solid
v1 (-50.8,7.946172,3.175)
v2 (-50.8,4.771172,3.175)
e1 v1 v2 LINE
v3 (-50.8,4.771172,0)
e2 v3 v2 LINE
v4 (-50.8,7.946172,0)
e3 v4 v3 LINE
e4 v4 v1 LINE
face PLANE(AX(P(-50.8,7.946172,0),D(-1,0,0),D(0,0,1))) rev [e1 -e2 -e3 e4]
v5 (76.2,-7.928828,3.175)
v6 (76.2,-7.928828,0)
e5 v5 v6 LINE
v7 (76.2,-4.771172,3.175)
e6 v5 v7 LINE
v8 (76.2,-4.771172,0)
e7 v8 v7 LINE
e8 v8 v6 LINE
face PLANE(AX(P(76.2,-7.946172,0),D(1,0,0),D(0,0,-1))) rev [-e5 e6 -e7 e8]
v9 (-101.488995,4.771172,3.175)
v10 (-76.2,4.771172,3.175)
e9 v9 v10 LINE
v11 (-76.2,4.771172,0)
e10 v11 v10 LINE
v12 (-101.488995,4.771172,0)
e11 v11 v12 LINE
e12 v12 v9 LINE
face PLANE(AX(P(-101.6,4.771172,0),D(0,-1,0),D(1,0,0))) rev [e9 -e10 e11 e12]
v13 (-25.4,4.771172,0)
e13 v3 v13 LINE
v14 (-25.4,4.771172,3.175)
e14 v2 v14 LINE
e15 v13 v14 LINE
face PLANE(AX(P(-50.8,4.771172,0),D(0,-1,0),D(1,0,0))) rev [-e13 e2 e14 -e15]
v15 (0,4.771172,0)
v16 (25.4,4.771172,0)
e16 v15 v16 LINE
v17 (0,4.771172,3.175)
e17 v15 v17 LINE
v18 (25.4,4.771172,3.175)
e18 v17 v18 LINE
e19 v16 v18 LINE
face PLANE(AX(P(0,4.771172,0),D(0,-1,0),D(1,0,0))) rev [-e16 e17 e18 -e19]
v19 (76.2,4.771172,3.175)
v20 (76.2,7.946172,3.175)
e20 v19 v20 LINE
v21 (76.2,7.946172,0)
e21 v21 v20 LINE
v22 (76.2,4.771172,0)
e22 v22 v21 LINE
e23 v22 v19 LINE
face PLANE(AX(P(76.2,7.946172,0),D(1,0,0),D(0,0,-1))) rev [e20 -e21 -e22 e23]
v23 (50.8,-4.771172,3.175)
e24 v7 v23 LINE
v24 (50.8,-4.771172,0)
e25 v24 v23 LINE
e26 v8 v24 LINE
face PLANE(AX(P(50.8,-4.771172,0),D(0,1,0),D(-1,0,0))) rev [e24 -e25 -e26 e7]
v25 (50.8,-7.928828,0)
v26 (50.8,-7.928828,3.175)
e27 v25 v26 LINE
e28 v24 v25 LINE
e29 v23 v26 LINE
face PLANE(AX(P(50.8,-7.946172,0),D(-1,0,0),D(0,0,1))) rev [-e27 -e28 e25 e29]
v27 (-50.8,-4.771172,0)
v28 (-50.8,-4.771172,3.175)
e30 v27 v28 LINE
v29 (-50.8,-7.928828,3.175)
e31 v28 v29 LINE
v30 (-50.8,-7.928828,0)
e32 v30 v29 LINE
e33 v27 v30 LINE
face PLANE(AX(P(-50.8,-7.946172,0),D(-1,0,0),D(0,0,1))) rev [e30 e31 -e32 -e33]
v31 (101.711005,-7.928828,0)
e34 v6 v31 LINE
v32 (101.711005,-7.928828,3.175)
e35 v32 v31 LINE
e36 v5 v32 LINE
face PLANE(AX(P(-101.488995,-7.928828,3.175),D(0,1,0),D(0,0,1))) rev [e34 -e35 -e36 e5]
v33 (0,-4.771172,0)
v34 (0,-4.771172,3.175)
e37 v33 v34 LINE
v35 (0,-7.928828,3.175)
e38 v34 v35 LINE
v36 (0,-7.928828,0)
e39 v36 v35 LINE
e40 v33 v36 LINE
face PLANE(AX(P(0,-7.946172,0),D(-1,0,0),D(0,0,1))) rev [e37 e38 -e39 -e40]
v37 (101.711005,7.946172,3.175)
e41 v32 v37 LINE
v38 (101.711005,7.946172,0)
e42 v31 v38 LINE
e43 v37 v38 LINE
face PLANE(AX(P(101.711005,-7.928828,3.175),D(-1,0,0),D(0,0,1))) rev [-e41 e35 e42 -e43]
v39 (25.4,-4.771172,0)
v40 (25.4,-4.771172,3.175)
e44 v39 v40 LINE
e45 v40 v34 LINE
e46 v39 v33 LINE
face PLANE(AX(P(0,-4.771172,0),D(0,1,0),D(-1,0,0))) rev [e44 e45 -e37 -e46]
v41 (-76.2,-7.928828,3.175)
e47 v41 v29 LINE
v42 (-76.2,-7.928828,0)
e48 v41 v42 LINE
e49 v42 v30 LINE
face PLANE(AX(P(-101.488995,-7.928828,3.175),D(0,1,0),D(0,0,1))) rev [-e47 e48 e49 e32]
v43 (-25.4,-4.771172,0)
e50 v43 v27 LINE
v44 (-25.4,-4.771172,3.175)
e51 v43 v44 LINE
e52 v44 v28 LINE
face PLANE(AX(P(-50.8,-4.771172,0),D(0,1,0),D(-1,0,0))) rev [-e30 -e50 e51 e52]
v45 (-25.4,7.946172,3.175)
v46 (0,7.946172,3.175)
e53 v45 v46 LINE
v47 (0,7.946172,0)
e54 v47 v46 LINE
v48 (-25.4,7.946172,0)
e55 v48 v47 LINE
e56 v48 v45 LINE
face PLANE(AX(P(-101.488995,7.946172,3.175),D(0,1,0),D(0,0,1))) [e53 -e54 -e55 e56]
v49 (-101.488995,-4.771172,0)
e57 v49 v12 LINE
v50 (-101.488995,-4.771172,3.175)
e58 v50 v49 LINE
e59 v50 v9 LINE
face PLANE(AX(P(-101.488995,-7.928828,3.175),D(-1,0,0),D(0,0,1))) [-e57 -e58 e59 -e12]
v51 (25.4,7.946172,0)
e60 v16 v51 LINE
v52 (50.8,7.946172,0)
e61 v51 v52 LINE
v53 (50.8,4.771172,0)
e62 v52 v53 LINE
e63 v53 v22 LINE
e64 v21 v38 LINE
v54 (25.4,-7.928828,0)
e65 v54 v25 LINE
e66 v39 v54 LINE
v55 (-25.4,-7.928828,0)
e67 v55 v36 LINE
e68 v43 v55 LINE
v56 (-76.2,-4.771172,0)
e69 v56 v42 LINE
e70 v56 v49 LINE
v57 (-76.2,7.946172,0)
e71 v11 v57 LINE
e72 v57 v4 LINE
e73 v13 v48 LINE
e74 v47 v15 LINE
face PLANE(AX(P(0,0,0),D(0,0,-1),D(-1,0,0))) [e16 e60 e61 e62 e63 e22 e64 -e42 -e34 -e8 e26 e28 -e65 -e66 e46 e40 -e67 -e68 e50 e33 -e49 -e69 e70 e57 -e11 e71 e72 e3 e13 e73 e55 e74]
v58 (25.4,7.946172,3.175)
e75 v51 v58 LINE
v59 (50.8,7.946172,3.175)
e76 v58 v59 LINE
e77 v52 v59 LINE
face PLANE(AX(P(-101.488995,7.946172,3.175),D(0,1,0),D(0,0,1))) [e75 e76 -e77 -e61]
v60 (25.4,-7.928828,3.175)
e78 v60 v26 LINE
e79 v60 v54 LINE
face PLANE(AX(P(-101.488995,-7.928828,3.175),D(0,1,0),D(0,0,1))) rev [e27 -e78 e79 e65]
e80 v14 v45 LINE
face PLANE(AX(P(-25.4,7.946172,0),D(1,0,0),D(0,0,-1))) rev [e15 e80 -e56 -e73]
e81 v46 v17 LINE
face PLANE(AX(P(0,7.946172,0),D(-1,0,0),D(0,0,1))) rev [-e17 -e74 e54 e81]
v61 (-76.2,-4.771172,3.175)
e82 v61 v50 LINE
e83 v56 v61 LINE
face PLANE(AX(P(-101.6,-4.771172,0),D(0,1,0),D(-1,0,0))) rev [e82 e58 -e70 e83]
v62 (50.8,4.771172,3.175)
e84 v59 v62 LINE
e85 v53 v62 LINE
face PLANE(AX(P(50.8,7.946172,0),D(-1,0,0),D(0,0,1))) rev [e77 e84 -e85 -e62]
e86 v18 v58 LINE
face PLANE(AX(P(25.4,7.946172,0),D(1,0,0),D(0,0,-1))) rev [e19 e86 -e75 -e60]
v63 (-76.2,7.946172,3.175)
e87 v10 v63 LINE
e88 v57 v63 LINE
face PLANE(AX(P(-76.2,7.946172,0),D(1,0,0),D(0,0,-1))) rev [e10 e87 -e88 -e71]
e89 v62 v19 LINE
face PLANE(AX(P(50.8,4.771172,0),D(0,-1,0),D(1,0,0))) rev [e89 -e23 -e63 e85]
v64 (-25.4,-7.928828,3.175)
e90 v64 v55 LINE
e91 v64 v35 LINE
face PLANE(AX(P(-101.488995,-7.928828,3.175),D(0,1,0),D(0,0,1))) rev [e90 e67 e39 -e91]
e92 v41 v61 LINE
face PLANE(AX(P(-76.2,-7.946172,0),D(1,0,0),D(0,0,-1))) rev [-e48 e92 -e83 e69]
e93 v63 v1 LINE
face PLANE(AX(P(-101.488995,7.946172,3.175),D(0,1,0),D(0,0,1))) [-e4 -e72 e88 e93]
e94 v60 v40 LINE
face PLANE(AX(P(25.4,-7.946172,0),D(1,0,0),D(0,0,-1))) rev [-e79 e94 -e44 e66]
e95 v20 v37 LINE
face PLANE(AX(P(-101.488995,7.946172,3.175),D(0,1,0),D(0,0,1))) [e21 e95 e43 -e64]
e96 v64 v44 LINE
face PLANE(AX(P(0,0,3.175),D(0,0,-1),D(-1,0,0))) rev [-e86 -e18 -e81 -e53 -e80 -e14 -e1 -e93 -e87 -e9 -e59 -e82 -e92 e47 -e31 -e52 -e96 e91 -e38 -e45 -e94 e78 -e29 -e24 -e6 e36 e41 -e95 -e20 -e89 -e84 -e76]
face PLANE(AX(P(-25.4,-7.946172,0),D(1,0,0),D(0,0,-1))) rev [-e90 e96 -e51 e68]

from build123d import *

# Parameters (mm, degrees)
SKETCH1_W           = 203.2
SKETCH1_H           = 15.875
BOSS_EXTRUDE1_DEPTH = 3.175
SKETCH2_W           = 25.4
SKETCH2_H           = 3.175
CUT_EXTRUDE1_DEPTH  = 3.175


with BuildPart() as part:
    # Sketch1 → Boss-Extrude1 (new body)
    with BuildSketch(Plane.XY):
        with Locations((0.111004585, 0.008672233)):
            Rectangle(SKETCH1_W, SKETCH1_H)
    extrude(amount=BOSS_EXTRUDE1_DEPTH)

    # Sketch2 → Cut-Extrude1 (cut)
    with BuildSketch(Plane.XY.offset(3.175)):
        with Locations((-38.1, 6.358672233)):
            Rectangle(SKETCH2_W, SKETCH2_H)
        with Locations((-88.9, 6.358672233)):
            Rectangle(SKETCH2_W, SKETCH2_H)
        with Locations((12.7, 6.358672233)):
            Rectangle(SKETCH2_W, SKETCH2_H)
        with Locations((63.5, 6.358672233)):
            Rectangle(SKETCH2_W, SKETCH2_H)
        with Locations((63.5, -6.358672233)):
            Rectangle(SKETCH2_W, SKETCH2_H)
        with Locations((12.7, -6.358672233)):
            Rectangle(SKETCH2_W, SKETCH2_H)
        with Locations((-38.1, -6.358672233)):
            Rectangle(SKETCH2_W, SKETCH2_H)
        with Locations((-88.9, -6.358672233)):
            Rectangle(SKETCH2_W, SKETCH2_H)
    extrude(amount=-CUT_EXTRUDE1_DEPTH, mode=Mode.SUBTRACT)


solid = part.part
